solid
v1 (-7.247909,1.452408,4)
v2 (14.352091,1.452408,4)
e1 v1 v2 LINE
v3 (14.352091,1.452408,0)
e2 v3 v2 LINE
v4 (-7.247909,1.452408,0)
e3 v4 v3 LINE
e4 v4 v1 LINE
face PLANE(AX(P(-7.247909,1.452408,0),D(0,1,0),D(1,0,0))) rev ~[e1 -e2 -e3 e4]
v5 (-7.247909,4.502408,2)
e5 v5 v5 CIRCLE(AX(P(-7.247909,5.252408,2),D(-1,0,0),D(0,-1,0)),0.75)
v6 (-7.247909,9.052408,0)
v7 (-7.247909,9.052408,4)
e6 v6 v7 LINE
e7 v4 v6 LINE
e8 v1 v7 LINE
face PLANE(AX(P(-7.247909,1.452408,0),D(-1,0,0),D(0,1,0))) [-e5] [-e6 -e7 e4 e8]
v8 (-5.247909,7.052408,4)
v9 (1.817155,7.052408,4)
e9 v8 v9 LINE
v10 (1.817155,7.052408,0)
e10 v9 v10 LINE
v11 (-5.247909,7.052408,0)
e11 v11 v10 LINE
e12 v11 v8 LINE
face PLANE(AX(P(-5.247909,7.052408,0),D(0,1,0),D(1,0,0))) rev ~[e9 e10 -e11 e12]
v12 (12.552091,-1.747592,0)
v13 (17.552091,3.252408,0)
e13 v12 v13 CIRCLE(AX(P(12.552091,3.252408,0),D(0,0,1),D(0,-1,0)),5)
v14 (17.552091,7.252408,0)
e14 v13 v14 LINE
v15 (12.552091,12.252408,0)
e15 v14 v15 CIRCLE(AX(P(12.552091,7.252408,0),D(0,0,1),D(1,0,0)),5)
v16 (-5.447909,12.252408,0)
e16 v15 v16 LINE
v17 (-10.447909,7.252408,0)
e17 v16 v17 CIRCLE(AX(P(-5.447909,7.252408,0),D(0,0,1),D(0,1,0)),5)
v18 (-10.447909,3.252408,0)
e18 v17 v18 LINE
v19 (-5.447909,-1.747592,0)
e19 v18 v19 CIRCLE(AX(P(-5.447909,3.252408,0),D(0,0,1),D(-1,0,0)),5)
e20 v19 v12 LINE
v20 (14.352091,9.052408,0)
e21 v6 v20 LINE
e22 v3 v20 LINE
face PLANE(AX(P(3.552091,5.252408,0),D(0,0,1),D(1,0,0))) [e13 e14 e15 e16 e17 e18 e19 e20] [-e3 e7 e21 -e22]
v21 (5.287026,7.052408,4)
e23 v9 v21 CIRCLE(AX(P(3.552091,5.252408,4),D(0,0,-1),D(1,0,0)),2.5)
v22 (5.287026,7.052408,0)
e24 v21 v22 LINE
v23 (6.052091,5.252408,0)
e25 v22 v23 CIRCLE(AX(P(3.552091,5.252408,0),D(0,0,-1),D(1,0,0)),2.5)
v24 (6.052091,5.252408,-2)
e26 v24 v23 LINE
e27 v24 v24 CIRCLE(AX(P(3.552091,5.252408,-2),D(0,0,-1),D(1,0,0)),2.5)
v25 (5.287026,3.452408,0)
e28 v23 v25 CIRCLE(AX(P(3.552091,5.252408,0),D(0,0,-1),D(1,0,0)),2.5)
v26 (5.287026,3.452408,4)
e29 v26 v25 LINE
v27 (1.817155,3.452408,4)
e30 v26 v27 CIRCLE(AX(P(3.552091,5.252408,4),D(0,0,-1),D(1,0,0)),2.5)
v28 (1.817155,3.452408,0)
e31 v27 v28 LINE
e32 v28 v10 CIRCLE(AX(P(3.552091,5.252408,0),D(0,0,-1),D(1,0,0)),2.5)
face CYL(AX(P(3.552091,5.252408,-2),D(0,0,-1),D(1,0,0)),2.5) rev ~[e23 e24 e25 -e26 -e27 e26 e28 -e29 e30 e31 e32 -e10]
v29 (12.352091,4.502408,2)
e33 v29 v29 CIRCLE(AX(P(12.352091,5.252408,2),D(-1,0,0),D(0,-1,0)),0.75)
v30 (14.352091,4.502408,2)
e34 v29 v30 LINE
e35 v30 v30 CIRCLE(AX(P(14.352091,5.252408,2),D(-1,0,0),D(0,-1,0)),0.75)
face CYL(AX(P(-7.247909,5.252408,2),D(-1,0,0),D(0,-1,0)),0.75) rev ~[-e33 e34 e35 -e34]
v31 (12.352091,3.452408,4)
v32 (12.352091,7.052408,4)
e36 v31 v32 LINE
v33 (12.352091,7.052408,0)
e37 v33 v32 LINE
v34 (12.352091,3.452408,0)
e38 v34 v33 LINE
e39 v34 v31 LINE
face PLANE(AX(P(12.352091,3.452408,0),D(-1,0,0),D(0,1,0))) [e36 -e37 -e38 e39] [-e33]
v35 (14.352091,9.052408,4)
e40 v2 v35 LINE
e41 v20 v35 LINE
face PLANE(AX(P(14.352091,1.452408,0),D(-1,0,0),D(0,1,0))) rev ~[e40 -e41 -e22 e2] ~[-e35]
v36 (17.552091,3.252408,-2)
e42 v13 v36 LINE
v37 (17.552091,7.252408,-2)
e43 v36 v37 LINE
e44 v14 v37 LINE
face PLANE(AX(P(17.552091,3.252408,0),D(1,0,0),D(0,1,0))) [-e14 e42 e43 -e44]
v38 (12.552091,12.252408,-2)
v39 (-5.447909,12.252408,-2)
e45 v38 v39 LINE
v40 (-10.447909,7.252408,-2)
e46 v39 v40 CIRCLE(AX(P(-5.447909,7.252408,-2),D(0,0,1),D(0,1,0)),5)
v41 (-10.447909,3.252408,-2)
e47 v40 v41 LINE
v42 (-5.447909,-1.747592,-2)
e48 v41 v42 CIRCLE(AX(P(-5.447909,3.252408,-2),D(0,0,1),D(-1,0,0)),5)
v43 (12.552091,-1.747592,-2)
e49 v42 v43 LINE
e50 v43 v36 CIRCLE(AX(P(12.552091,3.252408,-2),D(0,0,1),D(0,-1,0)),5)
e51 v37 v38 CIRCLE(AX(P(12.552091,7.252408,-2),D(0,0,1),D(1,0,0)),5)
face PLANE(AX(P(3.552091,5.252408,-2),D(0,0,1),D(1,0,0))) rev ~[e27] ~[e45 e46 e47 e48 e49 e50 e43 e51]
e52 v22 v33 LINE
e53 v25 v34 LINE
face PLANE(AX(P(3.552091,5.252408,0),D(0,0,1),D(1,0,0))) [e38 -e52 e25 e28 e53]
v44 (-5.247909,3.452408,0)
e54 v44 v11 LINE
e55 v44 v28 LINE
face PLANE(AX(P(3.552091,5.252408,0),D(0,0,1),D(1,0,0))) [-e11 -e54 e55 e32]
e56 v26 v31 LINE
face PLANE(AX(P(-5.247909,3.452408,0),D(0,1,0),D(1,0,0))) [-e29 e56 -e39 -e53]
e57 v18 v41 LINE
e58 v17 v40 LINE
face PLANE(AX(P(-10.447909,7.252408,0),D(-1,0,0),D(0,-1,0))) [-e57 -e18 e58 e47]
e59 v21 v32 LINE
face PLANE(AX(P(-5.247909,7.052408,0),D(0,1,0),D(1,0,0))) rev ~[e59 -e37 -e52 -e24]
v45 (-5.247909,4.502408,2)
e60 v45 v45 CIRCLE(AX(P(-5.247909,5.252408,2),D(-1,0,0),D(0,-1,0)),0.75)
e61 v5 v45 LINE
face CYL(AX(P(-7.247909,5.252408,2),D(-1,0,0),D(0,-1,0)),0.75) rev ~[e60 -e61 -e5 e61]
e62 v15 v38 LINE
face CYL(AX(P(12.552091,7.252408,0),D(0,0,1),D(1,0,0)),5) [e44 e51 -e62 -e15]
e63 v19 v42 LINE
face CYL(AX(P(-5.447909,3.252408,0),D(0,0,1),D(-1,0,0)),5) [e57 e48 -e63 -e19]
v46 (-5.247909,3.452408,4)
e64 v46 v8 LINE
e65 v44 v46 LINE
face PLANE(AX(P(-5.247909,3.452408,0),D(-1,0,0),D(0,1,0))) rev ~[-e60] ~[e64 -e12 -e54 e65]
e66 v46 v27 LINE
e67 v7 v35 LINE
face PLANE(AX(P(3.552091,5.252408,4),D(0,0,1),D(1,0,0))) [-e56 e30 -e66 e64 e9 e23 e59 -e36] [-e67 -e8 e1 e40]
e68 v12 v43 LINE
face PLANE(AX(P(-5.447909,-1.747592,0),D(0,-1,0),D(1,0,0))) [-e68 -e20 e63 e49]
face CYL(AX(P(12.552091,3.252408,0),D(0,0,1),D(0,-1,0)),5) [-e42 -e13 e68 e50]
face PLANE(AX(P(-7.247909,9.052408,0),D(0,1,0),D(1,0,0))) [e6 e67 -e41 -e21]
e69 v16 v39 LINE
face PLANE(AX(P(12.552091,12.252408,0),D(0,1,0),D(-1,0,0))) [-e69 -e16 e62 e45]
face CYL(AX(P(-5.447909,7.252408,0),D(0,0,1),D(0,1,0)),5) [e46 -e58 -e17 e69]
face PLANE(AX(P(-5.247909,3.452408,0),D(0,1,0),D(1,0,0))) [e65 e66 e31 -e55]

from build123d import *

# Parameters (mm, degrees)
F0_W          = 22
F0_H          = 8
F0_W_2        = 21.6
F0_H_2        = 7.6
F0_W_3        = 17.6
F0_H_3        = 3.6
F1_DEPTH      = 2
F2_DEPTH      = 4
F3_R          = 2.5
F4_DEPTH      = 10
F4_DEPTH_BACK = 10
F5_R          = 0.75
F6_DEPTH      = 24.801
F6_DEPTH_BACK = 3.201


with BuildPart() as f1:
    # F0 (on Top) → F1 (new body)
    with BuildSketch(Plane.XY):
        with BuildLine():
            Line((17.5520906094, 3.2524078637), (17.5520906094, 7.2524078637))
            ThreePointArc((17.5520906094, 7.2524078637), (16.0876245154, 10.7879417697), (12.5520906094, 12.2524078637))
            Line((12.5520906094, 12.2524078637), (-5.4479093906, 12.2524078637))
            ThreePointArc((-5.4479093906, 12.2524078637), (-8.9834432965, 10.7879417697), (-10.4479093906, 7.2524078637))
            Line((-10.4479093906, 7.2524078637), (-10.4479093906, 3.2524078637))
            ThreePointArc((-10.4479093906, 3.2524078637), (-8.9834432965, -0.2831260422), (-5.4479093906, -1.7475921363))
            Line((-5.4479093906, -1.7475921363), (12.5520906094, -1.7475921363))
            ThreePointArc((12.5520906094, -1.7475921363), (16.0876245154, -0.2831260422), (17.5520906094, 3.2524078637))
        make_face()
        with Locations((3.5520906094, 5.2524078637)):
            Rectangle(F0_W, F0_H, mode=Mode.SUBTRACT)
        with Locations((3.5520906094, 5.2524078637)):
            Rectangle(F0_W, F0_H)
        with Locations((3.5520906094, 5.2524078637)):
            Rectangle(F0_W_2, F0_H_2, mode=Mode.SUBTRACT)
        with Locations((3.5520906094, 5.2524078637)):
            Rectangle(F0_W_2, F0_H_2)
        with Locations((3.5520906094, 5.2524078637)):
            Rectangle(F0_W_3, F0_H_3, mode=Mode.SUBTRACT)
        with Locations((3.5520906094, 5.2524078637)):
            Rectangle(F0_W_3, F0_H_3)
    extrude(amount=-F1_DEPTH)

    # F0 (on Top) → F2 (join)
    with BuildSketch(Plane.XY):
        with Locations((3.5520906094, 5.2524078637)):
            Rectangle(F0_W_2, F0_H_2)
        with Locations((3.5520906094, 5.2524078637)):
            Rectangle(F0_W_3, F0_H_3, mode=Mode.SUBTRACT)
    extrude(amount=F2_DEPTH)

    # F3 (on face) → F4 (cut, two sides)
    with BuildSketch(Plane(origin=(0, 0, -2), x_dir=(1, 0, 0), z_dir=(0, 0, -1))) as f4_sk:
        with Locations((3.5520906094, -5.2524078637)):
            Circle(F3_R)
    extrude(amount=-F4_DEPTH, mode=Mode.SUBTRACT)
    extrude(f4_sk.sketch, amount=F4_DEPTH_BACK, mode=Mode.SUBTRACT)

    # F5 (on face) → F6 (cut, two sides)
    with BuildSketch(Plane(origin=(-7.2479093906, 0, 0), x_dir=(0, -1, 0), z_dir=(-1, 0, 0))) as f6_sk:
        with Locations((-5.2524078637, 2)):
            Circle(F5_R)
    extrude(amount=-F6_DEPTH, mode=Mode.SUBTRACT)
    extrude(f6_sk.sketch, amount=F6_DEPTH_BACK, mode=Mode.SUBTRACT)


solid = f1.part
